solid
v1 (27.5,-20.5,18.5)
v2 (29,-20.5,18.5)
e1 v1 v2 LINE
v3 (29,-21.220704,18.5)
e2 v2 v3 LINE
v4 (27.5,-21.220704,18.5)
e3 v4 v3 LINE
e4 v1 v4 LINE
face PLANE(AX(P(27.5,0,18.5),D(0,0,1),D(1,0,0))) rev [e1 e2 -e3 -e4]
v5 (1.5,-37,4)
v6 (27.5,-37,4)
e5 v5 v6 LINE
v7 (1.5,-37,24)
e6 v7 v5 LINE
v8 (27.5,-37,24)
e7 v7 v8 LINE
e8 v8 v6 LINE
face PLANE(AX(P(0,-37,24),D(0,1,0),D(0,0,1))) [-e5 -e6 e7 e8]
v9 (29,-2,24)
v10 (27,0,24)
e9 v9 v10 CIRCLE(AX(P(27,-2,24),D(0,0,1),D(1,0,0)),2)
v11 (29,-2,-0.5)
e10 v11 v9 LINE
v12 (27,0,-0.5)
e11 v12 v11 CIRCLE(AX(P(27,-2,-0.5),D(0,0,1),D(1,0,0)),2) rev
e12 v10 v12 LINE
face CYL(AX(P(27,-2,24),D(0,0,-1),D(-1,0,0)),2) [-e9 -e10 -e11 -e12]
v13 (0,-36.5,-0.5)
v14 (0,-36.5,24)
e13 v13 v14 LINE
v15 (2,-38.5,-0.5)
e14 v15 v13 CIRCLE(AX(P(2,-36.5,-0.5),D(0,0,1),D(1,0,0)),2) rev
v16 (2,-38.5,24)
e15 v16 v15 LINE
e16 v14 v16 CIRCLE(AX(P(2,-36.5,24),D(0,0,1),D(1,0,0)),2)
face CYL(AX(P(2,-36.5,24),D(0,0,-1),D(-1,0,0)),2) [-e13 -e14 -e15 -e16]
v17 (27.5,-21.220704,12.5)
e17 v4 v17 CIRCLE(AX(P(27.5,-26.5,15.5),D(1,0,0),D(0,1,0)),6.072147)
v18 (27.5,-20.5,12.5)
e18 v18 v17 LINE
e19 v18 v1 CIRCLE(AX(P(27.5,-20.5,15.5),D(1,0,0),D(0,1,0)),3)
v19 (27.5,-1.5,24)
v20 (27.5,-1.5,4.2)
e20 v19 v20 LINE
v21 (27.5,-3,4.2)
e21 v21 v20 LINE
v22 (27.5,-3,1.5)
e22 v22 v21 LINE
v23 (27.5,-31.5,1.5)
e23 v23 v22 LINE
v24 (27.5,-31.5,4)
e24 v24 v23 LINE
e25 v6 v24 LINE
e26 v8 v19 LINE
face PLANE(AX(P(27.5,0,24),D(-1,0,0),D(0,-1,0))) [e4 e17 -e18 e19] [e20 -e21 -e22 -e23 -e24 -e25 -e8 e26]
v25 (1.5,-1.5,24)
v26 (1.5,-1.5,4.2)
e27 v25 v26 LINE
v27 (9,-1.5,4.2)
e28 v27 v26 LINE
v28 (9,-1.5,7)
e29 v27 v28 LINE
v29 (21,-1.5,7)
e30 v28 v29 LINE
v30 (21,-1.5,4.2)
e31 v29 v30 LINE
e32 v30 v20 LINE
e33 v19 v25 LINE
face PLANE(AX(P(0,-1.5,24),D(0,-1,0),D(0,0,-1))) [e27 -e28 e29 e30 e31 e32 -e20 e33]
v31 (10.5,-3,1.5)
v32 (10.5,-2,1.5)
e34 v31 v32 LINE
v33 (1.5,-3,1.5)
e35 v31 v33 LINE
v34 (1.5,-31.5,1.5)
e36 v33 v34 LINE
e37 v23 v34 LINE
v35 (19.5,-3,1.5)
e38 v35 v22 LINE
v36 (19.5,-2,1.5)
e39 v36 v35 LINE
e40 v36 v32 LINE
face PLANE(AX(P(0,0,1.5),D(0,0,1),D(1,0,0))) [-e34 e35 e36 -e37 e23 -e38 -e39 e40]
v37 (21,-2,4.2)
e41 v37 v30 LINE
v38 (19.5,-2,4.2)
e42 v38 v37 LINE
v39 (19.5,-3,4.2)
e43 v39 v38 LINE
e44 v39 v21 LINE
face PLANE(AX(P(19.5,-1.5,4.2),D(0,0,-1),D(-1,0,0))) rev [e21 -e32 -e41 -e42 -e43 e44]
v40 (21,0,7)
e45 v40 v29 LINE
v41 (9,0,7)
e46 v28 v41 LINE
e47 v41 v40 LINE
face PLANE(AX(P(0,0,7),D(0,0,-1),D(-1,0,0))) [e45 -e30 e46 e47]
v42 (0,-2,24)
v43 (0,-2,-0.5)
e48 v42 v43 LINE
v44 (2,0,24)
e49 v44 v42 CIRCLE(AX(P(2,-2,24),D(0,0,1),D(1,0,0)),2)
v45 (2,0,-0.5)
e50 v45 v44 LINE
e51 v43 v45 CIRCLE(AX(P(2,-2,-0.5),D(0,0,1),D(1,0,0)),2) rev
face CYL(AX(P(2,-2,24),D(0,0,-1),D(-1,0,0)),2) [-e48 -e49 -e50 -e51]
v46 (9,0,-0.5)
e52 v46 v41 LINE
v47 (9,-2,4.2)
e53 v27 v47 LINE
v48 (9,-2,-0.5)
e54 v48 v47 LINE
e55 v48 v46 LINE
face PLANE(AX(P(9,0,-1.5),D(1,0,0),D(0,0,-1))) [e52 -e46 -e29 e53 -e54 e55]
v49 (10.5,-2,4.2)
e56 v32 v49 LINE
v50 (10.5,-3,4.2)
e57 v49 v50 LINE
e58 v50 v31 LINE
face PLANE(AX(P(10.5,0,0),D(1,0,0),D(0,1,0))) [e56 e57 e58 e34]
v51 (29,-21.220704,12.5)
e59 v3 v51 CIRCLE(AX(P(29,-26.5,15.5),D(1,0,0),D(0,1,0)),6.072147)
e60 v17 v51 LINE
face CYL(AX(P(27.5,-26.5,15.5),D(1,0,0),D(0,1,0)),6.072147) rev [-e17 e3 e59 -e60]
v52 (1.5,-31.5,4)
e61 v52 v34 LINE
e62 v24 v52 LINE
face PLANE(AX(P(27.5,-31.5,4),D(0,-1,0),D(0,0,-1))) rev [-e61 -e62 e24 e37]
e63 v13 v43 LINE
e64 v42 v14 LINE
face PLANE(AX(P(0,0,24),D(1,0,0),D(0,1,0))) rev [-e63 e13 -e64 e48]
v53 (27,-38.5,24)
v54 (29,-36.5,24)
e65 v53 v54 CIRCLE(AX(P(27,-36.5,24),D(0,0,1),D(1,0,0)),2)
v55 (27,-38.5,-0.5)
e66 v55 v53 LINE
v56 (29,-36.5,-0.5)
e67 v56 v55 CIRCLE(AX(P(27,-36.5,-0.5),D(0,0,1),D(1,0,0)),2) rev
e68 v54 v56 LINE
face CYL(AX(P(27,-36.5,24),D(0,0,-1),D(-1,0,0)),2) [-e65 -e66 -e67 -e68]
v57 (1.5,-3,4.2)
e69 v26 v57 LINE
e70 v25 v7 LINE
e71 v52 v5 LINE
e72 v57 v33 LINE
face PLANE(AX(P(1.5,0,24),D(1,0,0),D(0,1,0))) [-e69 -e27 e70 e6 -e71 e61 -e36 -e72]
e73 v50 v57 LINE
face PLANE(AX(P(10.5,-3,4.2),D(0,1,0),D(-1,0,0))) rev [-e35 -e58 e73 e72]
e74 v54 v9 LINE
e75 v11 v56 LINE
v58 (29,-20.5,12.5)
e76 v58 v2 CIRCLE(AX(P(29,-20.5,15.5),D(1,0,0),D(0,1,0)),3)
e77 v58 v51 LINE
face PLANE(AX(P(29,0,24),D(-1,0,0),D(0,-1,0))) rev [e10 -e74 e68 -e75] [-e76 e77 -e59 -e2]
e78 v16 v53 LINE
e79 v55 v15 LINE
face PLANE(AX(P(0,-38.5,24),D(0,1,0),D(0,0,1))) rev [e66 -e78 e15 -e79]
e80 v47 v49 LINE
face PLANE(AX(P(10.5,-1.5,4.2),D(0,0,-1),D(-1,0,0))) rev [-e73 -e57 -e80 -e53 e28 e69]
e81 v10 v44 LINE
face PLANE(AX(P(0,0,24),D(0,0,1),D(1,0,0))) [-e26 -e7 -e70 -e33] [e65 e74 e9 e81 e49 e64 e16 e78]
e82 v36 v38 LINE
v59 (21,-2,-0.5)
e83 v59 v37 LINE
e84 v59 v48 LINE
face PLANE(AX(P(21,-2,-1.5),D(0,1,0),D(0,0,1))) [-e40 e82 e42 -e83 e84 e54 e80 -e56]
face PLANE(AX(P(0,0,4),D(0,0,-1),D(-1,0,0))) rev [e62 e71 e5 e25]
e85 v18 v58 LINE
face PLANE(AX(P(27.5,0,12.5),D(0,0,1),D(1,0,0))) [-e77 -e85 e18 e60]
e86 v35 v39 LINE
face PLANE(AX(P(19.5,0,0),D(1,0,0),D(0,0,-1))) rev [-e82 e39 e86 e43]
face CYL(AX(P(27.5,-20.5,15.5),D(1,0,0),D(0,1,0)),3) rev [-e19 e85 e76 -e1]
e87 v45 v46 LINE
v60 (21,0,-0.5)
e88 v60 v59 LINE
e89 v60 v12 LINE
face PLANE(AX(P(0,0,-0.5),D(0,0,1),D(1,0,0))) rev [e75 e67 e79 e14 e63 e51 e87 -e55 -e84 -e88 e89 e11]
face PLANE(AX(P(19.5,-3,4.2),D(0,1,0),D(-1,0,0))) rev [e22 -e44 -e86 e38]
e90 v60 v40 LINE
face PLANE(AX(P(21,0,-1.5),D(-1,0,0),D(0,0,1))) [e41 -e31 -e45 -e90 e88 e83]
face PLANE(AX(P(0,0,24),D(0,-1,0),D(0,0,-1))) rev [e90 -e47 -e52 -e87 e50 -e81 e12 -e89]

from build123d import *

# Parameters (mm, degrees)
SKETCH_1_W               = 29
SKETCH_1_H               = 38.5
EXTRUDE_1_DEPTH          = 24
SHELL_1_T                = -1.5
SKETCH_7_W               = 26
SKETCH_7_H               = 5.5
EXTRUDE_7_DEPTH          = 2.5
SKETCH_5_W               = 2.7
SKETCH_5_H               = 1.5
EXTRUDE_8_DEPTH          = 8
SKETCH_6_W               = 2.7
SKETCH_6_H               = 1.5
EXTRUDE_9_DEPTH          = 9
SKETCH_9_W               = 29
SKETCH_9_H               = 38.5
EXTRUDE_10_DEPTH         = 0.5
FILLET_3_R               = 2
CUT_EXTRUDE_8_DEPTH      = 1.5
CUT_EXTRUDE_8_DEPTH_BACK = 7
SKETCH_2_W               = 12
SKETCH_2_H               = 2
SKETCH_10_R              = 3
SKETCH_10_R_2            = 6.072147162
CUT_EXTRUDE_9_DEPTH      = 1.5


with BuildPart() as part:
    # 草图1 → 凸台-拉伸1 (new body)
    with BuildSketch(Plane.XY):
        with Locations((14.5, -19.25)):
            Rectangle(SKETCH_1_W, SKETCH_1_H)
    extrude(amount=EXTRUDE_1_DEPTH)

    # 抽壳1
    shell_1_openings = [part.faces().sort_by_distance(p)[0] for p in [
        (14.5, -19.25, 24),
    ]]
    offset(amount=SHELL_1_T, openings=shell_1_openings, kind=Kind.INTERSECTION)

    # 草图7 → 凸台-拉伸7 (add)
    with BuildSketch(Plane.XY.offset(1.5)):
        with Locations((14.5, -34.25)):
            Rectangle(SKETCH_7_W, SKETCH_7_H)
    extrude(amount=EXTRUDE_7_DEPTH)

    # 草图5 → 凸台-拉伸8 (add)
    with BuildSketch(Plane.ZY.offset(-27.5)):
        with Locations((2.85, -2.25)):
            Rectangle(SKETCH_5_W, SKETCH_5_H)
    extrude(amount=EXTRUDE_8_DEPTH)

    # 草图6 → 凸台-拉伸9 (add)
    with BuildSketch(Plane(origin=(1.5, 0, 0), x_dir=(0, 0, -1), z_dir=(1, 0, 0))):
        with Locations((-2.85, -2.25)):
            Rectangle(SKETCH_6_W, SKETCH_6_H)
    extrude(amount=EXTRUDE_9_DEPTH)

    # 草图9 → 凸台-拉伸10 (add)
    with BuildSketch(Plane(origin=(0, 0, 0), x_dir=(-1, 0, 0), z_dir=(0, 0, -1))):
        with Locations((-14.5, -19.25)):
            Rectangle(SKETCH_9_W, SKETCH_9_H)
    extrude(amount=EXTRUDE_10_DEPTH)

    # 圆角3
    fillet_3_edges = [part.edges().sort_by_distance(p)[0] for p in [
        (0, 0, 11.75),
        (29, 0, 11.75),
        (29, -38.5, 11.75),
        (0, -38.5, 11.75),
    ]]
    fillet(fillet_3_edges, radius=FILLET_3_R)

    # 草图2 → 切除-拉伸8 (cut, two sides: drawn at the far end of the back side and taken through both)
    with BuildSketch(Plane(origin=(0, 0, 0), x_dir=(-1, 0, 0), z_dir=(0, 0, -1)).offset(-CUT_EXTRUDE_8_DEPTH_BACK)):
        with Locations((-15, -1)):
            Rectangle(SKETCH_2_W, SKETCH_2_H)
    extrude(amount=CUT_EXTRUDE_8_DEPTH + CUT_EXTRUDE_8_DEPTH_BACK, mode=Mode.SUBTRACT)

    # 草图10 → 切除-拉伸9 (cut)
    with BuildSketch(Plane(origin=(29, 0, 0), x_dir=(0, 0, -1), z_dir=(1, 0, 0))):
        with Locations((-15.5, -20.5)):
            Circle(SKETCH_10_R)
        with Locations((-15.5, -26.5)):
            Circle(SKETCH_10_R_2)
        with BuildLine():
            ThreePointArc((-18.422516621, -21.177419071), (-18.48056621, -20.840917978), (-18.5, -20.5))
            Line((-18.5, -20.5), (-18.5, -21.220703536))
            ThreePointArc((-18.5, -21.220703536), (-18.461337395, -21.198919734), (-18.422516621, -21.177419071))
        make_face()
        with BuildLine():
            Line((-12.5, -21.220703536), (-12.5, -20.5))
            ThreePointArc((-12.5, -20.5), (-12.51943379, -20.840917978), (-12.577483379, -21.177419071))
            ThreePointArc((-12.577483379, -21.177419071), (-12.538662605, -21.198919734), (-12.5, -21.220703536))
        make_face()
    extrude(amount=-CUT_EXTRUDE_9_DEPTH, mode=Mode.SUBTRACT)


solid = part.part
